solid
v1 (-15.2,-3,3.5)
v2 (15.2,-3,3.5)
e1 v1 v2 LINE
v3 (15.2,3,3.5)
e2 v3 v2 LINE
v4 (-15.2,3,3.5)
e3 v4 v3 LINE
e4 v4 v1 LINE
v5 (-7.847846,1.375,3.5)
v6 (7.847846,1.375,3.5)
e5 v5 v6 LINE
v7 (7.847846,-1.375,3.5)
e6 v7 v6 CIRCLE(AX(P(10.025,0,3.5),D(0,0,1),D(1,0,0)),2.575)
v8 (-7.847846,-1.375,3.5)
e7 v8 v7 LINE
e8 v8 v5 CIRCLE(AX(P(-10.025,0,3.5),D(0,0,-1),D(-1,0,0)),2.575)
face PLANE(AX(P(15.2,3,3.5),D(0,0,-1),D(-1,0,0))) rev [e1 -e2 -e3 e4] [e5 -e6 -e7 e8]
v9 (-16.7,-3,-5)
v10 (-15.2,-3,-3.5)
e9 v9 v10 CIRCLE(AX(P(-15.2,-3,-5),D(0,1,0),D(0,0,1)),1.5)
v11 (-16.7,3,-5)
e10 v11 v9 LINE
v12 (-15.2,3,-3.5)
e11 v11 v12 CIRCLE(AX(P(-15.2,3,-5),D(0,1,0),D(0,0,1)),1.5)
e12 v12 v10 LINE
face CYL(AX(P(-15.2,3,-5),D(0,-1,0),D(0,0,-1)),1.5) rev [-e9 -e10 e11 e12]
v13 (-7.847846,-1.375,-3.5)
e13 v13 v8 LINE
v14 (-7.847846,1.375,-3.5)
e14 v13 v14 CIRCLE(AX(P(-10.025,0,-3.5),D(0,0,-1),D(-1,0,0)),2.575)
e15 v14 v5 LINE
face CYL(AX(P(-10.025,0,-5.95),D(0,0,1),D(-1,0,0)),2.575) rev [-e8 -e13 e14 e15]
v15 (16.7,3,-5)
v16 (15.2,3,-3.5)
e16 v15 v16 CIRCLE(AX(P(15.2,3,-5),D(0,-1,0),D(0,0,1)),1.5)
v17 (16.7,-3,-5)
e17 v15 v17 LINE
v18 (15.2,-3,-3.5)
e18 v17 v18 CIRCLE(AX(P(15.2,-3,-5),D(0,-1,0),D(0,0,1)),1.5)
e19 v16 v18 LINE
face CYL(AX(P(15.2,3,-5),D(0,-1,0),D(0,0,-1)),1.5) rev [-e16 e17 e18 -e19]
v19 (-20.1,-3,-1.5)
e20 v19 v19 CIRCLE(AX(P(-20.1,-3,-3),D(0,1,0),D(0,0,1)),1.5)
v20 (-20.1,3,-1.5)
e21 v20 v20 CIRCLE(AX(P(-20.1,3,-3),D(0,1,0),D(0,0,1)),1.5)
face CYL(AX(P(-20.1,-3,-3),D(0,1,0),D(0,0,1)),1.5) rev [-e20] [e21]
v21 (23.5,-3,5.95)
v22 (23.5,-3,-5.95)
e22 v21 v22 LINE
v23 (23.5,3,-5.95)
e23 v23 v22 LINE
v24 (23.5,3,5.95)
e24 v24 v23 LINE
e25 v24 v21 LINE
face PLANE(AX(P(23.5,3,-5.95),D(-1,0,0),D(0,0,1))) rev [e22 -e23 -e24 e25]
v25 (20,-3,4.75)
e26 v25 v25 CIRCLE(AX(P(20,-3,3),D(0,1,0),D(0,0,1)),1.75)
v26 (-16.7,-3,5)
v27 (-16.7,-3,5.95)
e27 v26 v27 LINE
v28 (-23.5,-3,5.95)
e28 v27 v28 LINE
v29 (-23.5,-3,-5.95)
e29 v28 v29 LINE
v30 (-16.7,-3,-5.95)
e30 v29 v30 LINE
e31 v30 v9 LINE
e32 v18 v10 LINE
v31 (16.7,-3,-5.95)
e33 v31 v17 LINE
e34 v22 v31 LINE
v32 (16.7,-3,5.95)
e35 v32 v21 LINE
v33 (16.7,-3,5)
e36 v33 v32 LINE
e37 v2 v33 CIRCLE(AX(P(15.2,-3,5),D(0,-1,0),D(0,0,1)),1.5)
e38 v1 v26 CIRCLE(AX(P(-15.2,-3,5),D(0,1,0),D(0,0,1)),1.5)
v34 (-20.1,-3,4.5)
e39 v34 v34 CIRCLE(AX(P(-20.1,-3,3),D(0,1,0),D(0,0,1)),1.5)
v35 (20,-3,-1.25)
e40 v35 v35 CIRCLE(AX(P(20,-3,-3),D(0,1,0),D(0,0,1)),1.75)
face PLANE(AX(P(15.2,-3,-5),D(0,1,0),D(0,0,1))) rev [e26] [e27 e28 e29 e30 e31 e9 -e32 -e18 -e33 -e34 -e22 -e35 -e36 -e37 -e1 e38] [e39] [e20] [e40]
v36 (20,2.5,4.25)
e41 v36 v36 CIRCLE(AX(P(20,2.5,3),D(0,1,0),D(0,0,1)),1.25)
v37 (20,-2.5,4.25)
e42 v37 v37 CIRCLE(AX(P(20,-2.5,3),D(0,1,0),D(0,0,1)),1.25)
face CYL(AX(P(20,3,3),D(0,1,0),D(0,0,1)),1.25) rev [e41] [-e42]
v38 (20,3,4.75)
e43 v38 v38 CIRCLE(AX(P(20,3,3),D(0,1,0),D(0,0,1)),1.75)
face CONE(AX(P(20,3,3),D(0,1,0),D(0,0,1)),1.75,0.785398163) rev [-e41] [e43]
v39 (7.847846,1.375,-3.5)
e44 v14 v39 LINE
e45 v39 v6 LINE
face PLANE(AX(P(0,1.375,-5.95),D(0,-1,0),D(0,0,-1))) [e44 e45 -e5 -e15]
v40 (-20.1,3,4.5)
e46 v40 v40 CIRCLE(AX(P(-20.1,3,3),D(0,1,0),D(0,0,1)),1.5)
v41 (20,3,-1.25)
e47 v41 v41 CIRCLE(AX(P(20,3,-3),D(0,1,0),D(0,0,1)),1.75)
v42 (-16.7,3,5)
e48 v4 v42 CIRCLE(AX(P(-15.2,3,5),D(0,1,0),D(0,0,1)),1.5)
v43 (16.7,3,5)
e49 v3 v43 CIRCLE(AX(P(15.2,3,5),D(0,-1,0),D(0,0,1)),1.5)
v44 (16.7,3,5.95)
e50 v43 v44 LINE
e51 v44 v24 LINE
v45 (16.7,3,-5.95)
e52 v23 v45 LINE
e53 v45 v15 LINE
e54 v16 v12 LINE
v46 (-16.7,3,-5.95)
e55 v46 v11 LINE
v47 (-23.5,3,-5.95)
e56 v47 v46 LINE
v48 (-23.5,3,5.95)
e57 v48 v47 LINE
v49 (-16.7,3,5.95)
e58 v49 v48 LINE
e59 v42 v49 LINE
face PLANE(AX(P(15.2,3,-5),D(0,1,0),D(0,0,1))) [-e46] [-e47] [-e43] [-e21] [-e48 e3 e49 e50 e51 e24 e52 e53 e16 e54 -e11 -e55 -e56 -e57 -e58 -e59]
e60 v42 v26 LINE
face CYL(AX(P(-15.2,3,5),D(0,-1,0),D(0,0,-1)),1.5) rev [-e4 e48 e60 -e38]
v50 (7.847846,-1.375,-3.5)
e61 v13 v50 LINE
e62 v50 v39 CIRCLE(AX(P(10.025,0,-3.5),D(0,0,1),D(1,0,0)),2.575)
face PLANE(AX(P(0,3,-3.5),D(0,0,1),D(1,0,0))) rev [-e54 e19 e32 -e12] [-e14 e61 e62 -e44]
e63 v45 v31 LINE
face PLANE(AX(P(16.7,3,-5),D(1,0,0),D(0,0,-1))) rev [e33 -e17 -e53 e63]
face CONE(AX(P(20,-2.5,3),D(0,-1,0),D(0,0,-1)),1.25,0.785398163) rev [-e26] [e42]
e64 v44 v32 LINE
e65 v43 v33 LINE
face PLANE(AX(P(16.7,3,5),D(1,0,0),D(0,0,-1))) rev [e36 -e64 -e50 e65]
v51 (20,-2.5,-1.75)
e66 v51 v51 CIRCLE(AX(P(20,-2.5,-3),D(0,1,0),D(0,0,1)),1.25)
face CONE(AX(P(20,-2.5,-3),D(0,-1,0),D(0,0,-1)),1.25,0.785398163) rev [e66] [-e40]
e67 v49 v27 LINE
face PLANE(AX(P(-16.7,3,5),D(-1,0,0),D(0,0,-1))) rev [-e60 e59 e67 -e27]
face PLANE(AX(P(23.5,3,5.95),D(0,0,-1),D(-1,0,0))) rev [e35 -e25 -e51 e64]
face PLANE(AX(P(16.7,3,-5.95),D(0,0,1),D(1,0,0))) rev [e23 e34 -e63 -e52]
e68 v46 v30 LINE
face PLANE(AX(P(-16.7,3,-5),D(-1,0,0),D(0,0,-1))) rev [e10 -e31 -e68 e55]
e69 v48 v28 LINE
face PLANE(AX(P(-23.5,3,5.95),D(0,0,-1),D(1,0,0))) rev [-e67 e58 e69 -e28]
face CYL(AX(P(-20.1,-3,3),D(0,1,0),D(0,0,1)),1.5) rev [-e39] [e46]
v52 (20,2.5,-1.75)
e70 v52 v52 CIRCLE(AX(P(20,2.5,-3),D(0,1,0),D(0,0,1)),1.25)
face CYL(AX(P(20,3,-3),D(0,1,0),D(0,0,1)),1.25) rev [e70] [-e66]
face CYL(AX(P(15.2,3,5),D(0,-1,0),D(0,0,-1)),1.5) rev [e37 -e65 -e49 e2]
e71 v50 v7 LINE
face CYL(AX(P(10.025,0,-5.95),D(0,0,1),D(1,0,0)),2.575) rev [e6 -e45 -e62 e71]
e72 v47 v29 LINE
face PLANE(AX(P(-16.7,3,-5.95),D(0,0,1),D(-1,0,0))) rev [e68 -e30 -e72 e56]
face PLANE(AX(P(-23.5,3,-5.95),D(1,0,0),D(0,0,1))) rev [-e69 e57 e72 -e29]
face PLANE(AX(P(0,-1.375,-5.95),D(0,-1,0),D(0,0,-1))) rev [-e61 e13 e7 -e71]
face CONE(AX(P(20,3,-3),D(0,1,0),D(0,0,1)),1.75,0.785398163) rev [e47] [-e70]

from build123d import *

# Parameters (mm, degrees)
BOSS_EXTRUDE1_DEPTH        = 3
CUT_EXTRUDE1_DEPTH         = 26.505930683
M3_TAPPED_HOLE1_AT_2_COUNT = 2
M3_TAPPED_HOLE1_AT_2_PITCH = 6
SKETCH6_R                  = 1.5
CUT_EXTRUDE2_DEPTH         = 25.973035458


with BuildPart() as part:
    # Sketch1 → Boss-Extrude1 (new, symmetric)
    with BuildSketch(Plane(origin=(0, 0, 0), x_dir=(1, 0, 0), z_dir=(0, 1, 0))):
        with BuildLine():
            Line((0, -3.5), (0, 3.5))
            Line((0, 3.5), (15.2, 3.5))
            ThreePointArc((15.2, 3.5), (16.260660172, 3.939339828), (16.7, 5))
            Line((16.7, 5), (16.7, 5.95))
            Line((16.7, 5.95), (23.5, 5.95))
            Line((23.5, 5.95), (23.5, -5.95))
            Line((23.5, -5.95), (16.7, -5.95))
            Line((16.7, -5.95), (16.7, -5))
            ThreePointArc((16.7, -5), (16.260660172, -3.939339828), (15.2, -3.5))
            Line((15.2, -3.5), (0, -3.5))
        make_face()
    extrude(amount=BOSS_EXTRUDE1_DEPTH, both=True)

    # Sketch2 → Cut-Extrude1 (cut, through all)
    with BuildSketch(Plane.XY.offset(3.5)):
        with BuildLine():
            ThreePointArc((7.847845894, 1.375), (7.45, 0), (7.847845894, -1.375))
            Line((7.847845894, -1.375), (10.025, -1.375))
            Line((10.025, -1.375), (10.025, 1.375))
            Line((10.025, 1.375), (7.847845894, 1.375))
        make_face()
        with BuildLine():
            Line((10.025, -1.375), (7.847845894, -1.375))
            ThreePointArc((7.847845894, -1.375), (10.740700069, -2.473539652), (12.6, 0))
            ThreePointArc((12.6, 0), (10.740700069, 2.473539652), (7.847845894, 1.375))
            Line((7.847845894, 1.375), (10.025, 1.375))
            Line((10.025, 1.375), (10.025, -1.375))
        make_face()
        with BuildLine():
            Line((0, 1.375), (0, -1.375))
            Line((0, -1.375), (7.847845894, -1.375))
            ThreePointArc((7.847845894, -1.375), (7.45, 0), (7.847845894, 1.375))
            Line((7.847845894, 1.375), (0, 1.375))
        make_face()
    extrude(amount=-CUT_EXTRUDE1_DEPTH, mode=Mode.SUBTRACT)

    # Mirror1: part across plane


with BuildPart() as part_1:
    add(part.part)
    add(part.part.mirror(Plane(origin=(0, 0, 0), x_dir=(0, 0, 1), z_dir=(1, 0, 0))))

    # Sketch5 → M3 Tapped Hole1 (revolve, cut)
    with BuildSketch(Plane(origin=(20, 3, -3), x_dir=(0, 0, 1), z_dir=(1, 0, 0))):
        Polygon((0, 0), (0, 6), (1.75, 6), (1.25, 5.5), (1.25, 0.5), (1.75, 0), align=None)
    m3_tapped_hole1 = revolve(axis=Axis((20, 9.35, -3), (0, -1, 0)), mode=Mode.SUBTRACT)

    # M3 Tapped Hole1 at 2: M3 Tapped Hole1 ×2
    with Locations(*[(0, 0, i * M3_TAPPED_HOLE1_AT_2_PITCH) for i in range(1, M3_TAPPED_HOLE1_AT_2_COUNT)]):
        add(m3_tapped_hole1, mode=Mode.SUBTRACT)

    # Sketch6 → Cut-Extrude2 (cut, through all)
    with BuildSketch(Plane(origin=(0, 3, 0), x_dir=(1, 0, 0), z_dir=(0, 1, 0))):
        with Locations(Location((-20.1, 3, 0), (0, 0, 270))):
            Circle(SKETCH6_R)
        with Locations(Location((-20.1, -3, 0), (0, 0, 270))):
            Circle(SKETCH6_R)
    extrude(amount=-CUT_EXTRUDE2_DEPTH, mode=Mode.SUBTRACT)


solid = part_1.part
